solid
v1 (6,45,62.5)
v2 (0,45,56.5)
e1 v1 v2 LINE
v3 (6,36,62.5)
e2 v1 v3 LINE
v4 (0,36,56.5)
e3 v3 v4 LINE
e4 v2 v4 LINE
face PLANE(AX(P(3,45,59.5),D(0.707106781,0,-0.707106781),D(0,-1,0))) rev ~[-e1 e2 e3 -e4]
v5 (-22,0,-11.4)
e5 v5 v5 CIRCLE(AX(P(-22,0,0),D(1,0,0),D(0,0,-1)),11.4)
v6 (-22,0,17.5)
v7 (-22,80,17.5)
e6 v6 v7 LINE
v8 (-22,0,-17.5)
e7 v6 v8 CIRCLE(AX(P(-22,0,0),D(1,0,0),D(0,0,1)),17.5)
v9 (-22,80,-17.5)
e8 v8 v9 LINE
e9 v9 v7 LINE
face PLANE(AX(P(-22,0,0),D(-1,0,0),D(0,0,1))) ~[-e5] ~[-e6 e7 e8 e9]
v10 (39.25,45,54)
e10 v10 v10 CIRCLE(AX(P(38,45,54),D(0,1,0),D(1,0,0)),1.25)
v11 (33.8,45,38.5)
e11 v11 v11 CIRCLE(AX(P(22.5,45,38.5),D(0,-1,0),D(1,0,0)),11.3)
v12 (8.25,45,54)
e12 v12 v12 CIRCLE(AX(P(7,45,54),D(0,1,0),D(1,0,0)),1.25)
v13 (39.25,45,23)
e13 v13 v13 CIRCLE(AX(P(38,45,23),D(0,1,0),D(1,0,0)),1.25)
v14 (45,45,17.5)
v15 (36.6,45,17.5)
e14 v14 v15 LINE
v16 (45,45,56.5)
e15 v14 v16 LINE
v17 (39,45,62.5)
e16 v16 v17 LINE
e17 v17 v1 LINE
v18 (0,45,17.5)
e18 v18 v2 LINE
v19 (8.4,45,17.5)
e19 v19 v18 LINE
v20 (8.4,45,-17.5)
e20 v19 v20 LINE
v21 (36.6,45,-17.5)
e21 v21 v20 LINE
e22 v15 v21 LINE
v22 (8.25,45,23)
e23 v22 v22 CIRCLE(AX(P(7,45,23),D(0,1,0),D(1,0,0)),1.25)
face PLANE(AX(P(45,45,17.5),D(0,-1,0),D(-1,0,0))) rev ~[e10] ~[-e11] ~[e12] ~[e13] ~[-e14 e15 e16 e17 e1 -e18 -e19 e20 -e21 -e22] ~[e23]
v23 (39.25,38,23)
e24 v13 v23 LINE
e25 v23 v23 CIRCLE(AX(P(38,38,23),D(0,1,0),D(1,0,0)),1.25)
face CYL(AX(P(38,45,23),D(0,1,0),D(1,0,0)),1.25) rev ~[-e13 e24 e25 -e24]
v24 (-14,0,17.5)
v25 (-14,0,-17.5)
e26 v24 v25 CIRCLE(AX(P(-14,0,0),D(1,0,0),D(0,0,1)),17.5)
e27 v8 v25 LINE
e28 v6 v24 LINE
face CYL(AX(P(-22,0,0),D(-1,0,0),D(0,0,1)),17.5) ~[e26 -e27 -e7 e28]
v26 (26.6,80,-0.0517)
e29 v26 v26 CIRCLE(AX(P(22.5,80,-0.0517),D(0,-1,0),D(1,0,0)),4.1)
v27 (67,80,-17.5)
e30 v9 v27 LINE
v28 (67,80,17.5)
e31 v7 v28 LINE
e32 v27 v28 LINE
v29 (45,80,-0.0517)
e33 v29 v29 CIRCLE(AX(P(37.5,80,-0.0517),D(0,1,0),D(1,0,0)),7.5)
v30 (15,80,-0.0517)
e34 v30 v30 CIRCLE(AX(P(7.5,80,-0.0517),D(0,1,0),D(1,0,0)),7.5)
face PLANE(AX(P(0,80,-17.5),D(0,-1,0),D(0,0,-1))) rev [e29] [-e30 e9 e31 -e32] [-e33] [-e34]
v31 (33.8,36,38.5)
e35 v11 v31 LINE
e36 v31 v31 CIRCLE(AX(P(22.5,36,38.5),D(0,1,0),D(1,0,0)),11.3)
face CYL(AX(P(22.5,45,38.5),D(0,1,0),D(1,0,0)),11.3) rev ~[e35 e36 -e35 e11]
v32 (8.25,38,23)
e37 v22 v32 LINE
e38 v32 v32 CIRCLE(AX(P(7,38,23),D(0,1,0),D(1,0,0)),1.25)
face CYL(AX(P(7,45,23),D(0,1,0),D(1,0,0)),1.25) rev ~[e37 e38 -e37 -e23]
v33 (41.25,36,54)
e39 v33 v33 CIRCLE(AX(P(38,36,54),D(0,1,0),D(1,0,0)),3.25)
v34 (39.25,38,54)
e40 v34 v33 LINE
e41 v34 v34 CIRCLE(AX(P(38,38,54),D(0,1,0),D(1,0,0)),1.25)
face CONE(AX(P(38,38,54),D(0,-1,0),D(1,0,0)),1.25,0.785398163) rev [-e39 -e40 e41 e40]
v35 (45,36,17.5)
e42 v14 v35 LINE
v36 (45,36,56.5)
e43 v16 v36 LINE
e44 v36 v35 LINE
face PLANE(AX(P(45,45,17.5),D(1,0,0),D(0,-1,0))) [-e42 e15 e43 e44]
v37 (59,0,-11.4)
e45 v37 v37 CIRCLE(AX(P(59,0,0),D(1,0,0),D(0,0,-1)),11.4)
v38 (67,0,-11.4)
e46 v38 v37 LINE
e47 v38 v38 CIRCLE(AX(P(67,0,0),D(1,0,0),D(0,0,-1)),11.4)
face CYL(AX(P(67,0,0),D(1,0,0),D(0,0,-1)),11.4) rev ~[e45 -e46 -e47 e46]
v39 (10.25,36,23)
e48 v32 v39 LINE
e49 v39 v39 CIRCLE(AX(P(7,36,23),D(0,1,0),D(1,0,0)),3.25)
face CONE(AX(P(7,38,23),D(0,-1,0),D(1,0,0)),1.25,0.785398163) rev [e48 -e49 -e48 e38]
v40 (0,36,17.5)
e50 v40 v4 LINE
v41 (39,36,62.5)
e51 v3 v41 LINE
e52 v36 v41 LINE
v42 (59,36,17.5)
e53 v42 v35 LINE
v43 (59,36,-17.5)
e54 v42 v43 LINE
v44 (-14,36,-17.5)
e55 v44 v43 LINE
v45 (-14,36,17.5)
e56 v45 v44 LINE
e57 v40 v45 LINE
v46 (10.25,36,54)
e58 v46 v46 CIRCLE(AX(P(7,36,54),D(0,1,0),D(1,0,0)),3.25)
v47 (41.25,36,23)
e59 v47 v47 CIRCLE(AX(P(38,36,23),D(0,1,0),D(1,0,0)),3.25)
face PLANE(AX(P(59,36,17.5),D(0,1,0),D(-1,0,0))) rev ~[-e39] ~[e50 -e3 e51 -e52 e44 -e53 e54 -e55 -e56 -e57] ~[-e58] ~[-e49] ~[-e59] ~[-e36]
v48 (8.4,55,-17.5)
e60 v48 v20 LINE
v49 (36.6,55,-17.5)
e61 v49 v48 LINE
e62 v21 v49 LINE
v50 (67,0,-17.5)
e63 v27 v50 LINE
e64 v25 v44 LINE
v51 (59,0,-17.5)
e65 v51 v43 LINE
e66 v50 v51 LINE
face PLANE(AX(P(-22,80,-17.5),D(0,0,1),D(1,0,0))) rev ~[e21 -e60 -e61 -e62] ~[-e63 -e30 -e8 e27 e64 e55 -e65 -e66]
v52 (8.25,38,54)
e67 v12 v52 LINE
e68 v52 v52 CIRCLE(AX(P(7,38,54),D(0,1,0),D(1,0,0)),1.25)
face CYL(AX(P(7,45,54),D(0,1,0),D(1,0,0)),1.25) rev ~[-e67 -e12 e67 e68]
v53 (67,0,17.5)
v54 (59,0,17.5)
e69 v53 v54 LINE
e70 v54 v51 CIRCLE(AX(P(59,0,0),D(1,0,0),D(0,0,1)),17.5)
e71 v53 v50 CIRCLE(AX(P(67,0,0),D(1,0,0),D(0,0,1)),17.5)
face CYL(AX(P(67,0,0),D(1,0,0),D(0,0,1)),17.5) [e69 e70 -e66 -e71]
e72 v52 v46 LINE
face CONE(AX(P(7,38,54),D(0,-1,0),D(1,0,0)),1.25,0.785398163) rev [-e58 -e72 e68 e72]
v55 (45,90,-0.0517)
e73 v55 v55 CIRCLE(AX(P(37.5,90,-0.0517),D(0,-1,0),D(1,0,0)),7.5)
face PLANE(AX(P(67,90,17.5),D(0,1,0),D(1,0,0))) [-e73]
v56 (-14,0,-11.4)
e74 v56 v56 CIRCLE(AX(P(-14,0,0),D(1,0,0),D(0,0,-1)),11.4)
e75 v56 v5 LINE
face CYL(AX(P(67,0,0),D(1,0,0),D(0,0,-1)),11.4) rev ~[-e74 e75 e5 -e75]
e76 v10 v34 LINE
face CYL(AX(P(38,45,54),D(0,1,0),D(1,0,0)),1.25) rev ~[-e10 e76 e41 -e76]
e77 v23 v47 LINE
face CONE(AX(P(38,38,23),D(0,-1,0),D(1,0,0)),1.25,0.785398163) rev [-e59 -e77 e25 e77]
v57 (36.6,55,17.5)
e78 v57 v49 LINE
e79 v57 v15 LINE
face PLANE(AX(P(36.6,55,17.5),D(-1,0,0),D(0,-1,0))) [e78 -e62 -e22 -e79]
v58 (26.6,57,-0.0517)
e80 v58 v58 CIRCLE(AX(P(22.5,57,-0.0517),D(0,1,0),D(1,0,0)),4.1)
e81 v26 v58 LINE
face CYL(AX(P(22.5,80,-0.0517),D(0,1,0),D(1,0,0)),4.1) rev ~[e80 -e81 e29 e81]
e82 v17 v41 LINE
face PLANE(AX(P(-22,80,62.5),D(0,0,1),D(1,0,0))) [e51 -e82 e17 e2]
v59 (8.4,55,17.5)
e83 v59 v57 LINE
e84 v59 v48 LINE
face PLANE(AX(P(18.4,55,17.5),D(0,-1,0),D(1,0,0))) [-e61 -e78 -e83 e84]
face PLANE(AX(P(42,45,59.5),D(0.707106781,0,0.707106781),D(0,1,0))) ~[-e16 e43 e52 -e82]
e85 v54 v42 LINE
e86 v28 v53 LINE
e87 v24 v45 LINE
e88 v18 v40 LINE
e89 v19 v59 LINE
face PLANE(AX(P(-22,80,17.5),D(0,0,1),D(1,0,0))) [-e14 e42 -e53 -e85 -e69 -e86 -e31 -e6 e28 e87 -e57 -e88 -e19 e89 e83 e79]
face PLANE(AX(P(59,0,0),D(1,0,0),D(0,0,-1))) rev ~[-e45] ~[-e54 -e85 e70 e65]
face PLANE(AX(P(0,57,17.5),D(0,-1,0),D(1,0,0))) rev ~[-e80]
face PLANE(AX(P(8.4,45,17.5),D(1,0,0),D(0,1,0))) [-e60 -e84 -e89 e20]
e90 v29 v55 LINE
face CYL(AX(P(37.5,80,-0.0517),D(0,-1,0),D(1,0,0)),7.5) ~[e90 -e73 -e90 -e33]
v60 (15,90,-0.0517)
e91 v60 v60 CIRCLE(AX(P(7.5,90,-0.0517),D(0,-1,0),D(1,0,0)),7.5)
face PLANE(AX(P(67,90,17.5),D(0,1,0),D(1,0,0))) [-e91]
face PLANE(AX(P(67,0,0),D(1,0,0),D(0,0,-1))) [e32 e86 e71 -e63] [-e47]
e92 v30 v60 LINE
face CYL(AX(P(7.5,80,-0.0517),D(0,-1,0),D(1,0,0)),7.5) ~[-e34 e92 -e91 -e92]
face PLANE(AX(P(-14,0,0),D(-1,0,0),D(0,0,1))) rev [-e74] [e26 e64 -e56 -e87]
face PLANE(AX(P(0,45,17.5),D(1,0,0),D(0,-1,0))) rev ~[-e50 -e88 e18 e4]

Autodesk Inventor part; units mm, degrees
ref_plane "YZ Plane" through (0, 0, 0) normal (1, 0, 0) x (0, 1, 0)
ref_plane "XZ Plane" through (0, 0, 0) normal (0, 1, 0) x (-1, 0, 0)
sketch "Эскиз1" plane through (0, 0, 0) normal (1, 0, 0) x (0, 1, 0)
  line L0 (-6, -6.0208) -> (-6, 6.0208)
  arc A0 (-6, -6.0208) -> (6, -6.0208) centre (0, 0) ccw
  line L1 (6, 6.0208) -> (6, -6.0208)
  arc A1 (6, 6.0208) -> (-6, 6.0208) centre (0, 0) ccw
  circle A2 centre (0, 0) radius 17.5
  line L2 (0, 17.5) -> (80, 17.5)
  line L3 (80, 17.5) -> (80, -17.5)
  line L4 (80, -17.5) -> (0, -17.5)
  line L5 (0, -17.5) -> (0, -8.5)
  line L6 (0, 8.5) -> (0, 17.5)
  dimension "d0" = 35
  dimension "d1" = 80
extrude "Выдавливание1" add sketch "Эскиз1" along normal blind 45 contours A0 L5 A2 L6 A1 L0 | A0 L1 A1 L6 A2 L5 | A2 L2 L3 L4
sketch "Эскиз2" plane through (45, 0, 0) normal (1, 0, 0) x (0, 0, -1)
  line L0 (17.5, 80) -> (-17.5, 80) projected
  line L1 (17.5, 0) -> (17.5, 80) projected
  line L2 (-17.5, 80) -> (17.5, 80)
  line L3 (17.5, 80) -> (17.5, 57)
  line L4 (17.5, 57) -> (-17.5, 57)
  line L5 (-17.5, 57) -> (-17.5, 80)
  point P0 (0, 0)
  dimension "d4" = 23
extrude "Выдавливание2" add sketch "Эскиз2" along normal blind 22
ref_plane "РабПлоскость1" through (22.5, 0, 17.5) normal (1, 0, 0) x (0, 0, -1)
mirror "Зеркальное отражение1" about plane through (22.5, 0, 17.5) normal (1, 0, 0) of "Выдавливание2"
sketch "Эскиз3" plane through (45, 0, 0) normal (1, 0, 0) x (0, 0, -1)
  arc A0 (6.0208, -6) -> (6.0208, 6) centre (0, 0) ccw projected
  line L0 (6.0208, -6) -> (-6.0208, -6) projected
  arc A1 (-6.0208, 6) -> (-6.0208, -6) centre (0, 0) ccw projected
  line L1 (6.0208, 6) -> (-6.0208, 6) projected
  line L2 (17.5, 57) -> (-17.5, 57) projected
  line L3 (-17.5, 57) -> (-17.5, 0) projected
  arc A2 (-17.5, 0) -> (17.5, 0) centre (0, 0) ccw projected
  line L4 (17.5, 0) -> (17.5, 57) projected
sketch "Эскиз4" plane through (67, 0, 0) normal (1, 0, 0) x (0, 0, -1)
  arc A0 (6.0208, -6) -> (6.0208, 6) centre (0, 0) ccw
  line L0 (6.0208, -6) -> (-6.0208, -6)
  arc A1 (-6.0208, 6) -> (-6.0208, -6) centre (0, 0) ccw
  line L1 (6.0208, 6) -> (-6.0208, 6)
  line L2 (17.5, 37) -> (-17.5, 37)
  line L3 (-17.5, 37) -> (-17.5, 0)
  arc A2 (-17.5, 0) -> (17.5, 0) centre (0, 0) ccw
  line L4 (17.5, 0) -> (17.5, 37)
  line L5 (17.5, 0) -> (17.5, 57) projected
  line L6 (-17.5, 37) -> (17.5, 37)
  line L7 (17.5, 37) -> (17.5, 57)
  line L8 (17.5, 57) -> (-17.5, 57)
  line L9 (-17.5, 57) -> (-17.5, 37)
extrude "Выдавливание3" add sketch "Эскиз4" against normal blind 8
mirror "Зеркальное отражение2" about plane through (22.5, 0, 17.5) normal (1, 0, 0) of "Выдавливание3"
sketch "Эскиз5" plane through (67, 80, 17.5) normal (0, 1, 0) x (1, 0, 0)
  line L0 (-89, 35) -> (-89, 0) projected
  line L1 (-89, 35.1034) -> (-89, 0)
  line L2 (-89, 0) -> (-89, 35.1034)
  line L3 (-89, 35) -> (0, 35) projected
  line L4 (-89, 35) -> (0, 35)
  line L5 (-89, 17.5517) -> (-44.5, 17.5517)
  circle A0 centre (-44.5, 17.5517) radius 4.1
  line L6 (-44.5, 17.5517) -> (-59.5, 17.5517)
  circle A1 centre (-59.5, 17.5517) radius 7.5
  line L7 (-44.5, 17.5517) -> (-29.5, 17.5517)
  circle A2 centre (-29.5, 17.5517) radius 7.5
  point P0 (-67, 17.5)
  dimension "d9" = 8.2
  dimension "d10" = 15
  dimension "d11" = 15
  dimension "d12" = 15
  dimension "d13" = 15
extrude "Выдавливание4" add sketch "Эскиз5" along normal blind 10 contours L5 A1 | L5 A1 | A2
sketch "Эскиз6" plane through (67, 80, 17.5) normal (0, 1, 0) x (1, 0, 0)
  line L0 (-89, 35) -> (-89, 0)
  line L1 (-89, 35.1034) -> (-89, 0)
  line L2 (-89, 0) -> (-89, 35.1034)
  line L3 (-89, 35) -> (0, 35)
  line L4 (-89, 35) -> (0, 35)
  line L5 (-89, 17.5517) -> (-44.5, 17.5517)
  circle A0 centre (-44.5, 17.5517) radius 4.1
  line L6 (-44.5, 17.5517) -> (-59.5, 17.5517)
  circle A1 centre (-59.5, 17.5517) radius 7.5
  line L7 (-44.5, 17.5517) -> (-29.5, 17.5517)
  circle A2 centre (-29.5, 17.5517) radius 7.5
  point P0 (-67, 17.5)
  point P1 (-67, 17.5)
  dimension "d16" = 8.2
  dimension "d17" = 15
  dimension "d18" = 15
  dimension "d19" = 15
  dimension "d20" = 15
extrude "Выдавливание5" cut sketch "Эскиз6" against normal blind 35 contours A0 L7 L5 | L5 L7 A0
sketch "Эскиз7" plane through (0, 0, 17.5) normal (0, 0, 1) x (1, 0, 0)
  line L0 (18.4, 80) -> (18.4, 45) projected
  line L1 (26.6, 80) -> (26.6, 45) projected
  line L2 (0, 57) -> (0, 0) projected
  line L3 (45, 0) -> (0, 0) projected
  line L4 (45, 57) -> (45, 0) projected
  line L5 (45, 57) -> (59, 57) projected
  line L6 (67, 80) -> (67, 0) projected
  line L7 (-22, 80) -> (67, 80) projected
  line L8 (-22, 80) -> (-22, 0) projected
  line L9 (0, 57) -> (-14, 57) projected
  line L10 (18.4, 45) -> (26.6, 45) projected
  line L11 (18.4, 45) -> (8.4, 45)
  line L12 (8.4, 45) -> (8.4, 55)
  line L13 (8.4, 55) -> (36.6, 55)
  line L14 (36.6, 55) -> (36.6, 45)
  line L15 (26.6, 45) -> (36.6, 45)
  line L16 (18.4, 45) -> (26.6, 45)
  line L17 (59, 0) -> (59, 57) projected
  line L18 (67, 0) -> (59, 0) projected
  line L19 (-22, 0) -> (-14, 0) projected
  line L20 (-14, 0) -> (-14, 57) projected
  dimension "d23" = 10
  dimension "d24" = 10
  dimension "d25" = 28.2
  dimension "d26" = 10
extrude "Выдавливание6" cut sketch "Эскиз7" against normal blind 84.5 contours L13 L1 L10 L0 | L0 L11 L12 L13 | L13 L14 L15 L1
sketch "Эскиз8" plane through (0, 0, 17.5) normal (0, 0, 1) x (1, 0, 0)
  line L0 (8.4, 45) -> (36.6, 45) projected
  line L1 (8.4, 45) -> (0, 45)
  line L2 (0, 45) -> (0, 36)
  line L3 (0, 0) -> (0, 57) projected
  line L4 (45, -17.5) -> (45, 0) projected
  line L5 (0, 36) -> (45, 36)
  line L6 (45, 36) -> (45, -17.5)
  line L7 (45, -17.5) -> (0, -17.5)
  line L8 (0, -17.5) -> (0, 36)
  dimension "d29" = 9
extrude "Выдавливание7" cut sketch "Эскиз8" against normal blind 85.25
sketch "Эскиз9" plane through (67, 0, 0) normal (1, 0, 0) x (0, 0, -1)
  circle A0 centre (0, 0) radius 11.4
  dimension "d32" = 22.8
extrude "Выдавливание8" cut sketch "Эскиз9" against normal blind 144.5
sketch "Эскиз10" plane through (-22, 80, 17.5) normal (0, 0, 1) x (1, 0, 0)
  line L0 (22, -23) -> (22, -44) projected
  line L1 (67, -23) -> (67, -44) projected
  line L2 (22, -44) -> (67, -44)
  line L3 (67, -44) -> (67, -35)
  line L4 (67, -35) -> (22, -35)
  line L5 (22, -35) -> (22, -44)
  point P0 (22, -80)
  dimension "d35" = 9
extrude "Выдавливание9" add sketch "Эскиз10" along normal blind 45
sketch "Эскиз11" plane through (67, 45, 17.5) normal (0, 1, 0) x (1, 0, 0)
  line L0 (-67, 0) -> (-67, 35) projected
  line L1 (-67, 0) -> (-44.5, 0)
  line L2 (-67, 0) -> (-58.6, 0) projected
  line L3 (-22, -45) -> (-67, -45) projected
  line L4 (-44.5, -45) -> (-44.5, -21)
  line L5 (-27, -42) -> (-23.5, -38.5)
  line L6 (-23.5, -38.5) -> (-23.5, -3.5)
  line L7 (-23.5, -3.5) -> (-27, 0)
  line L8 (-27, 0) -> (-62, 0)
  line L9 (-62, 0) -> (-65.5, -3.5)
  line L10 (-65.5, -3.5) -> (-65.5, -38.5)
  line L11 (-65.5, -38.5) -> (-62, -42)
  line L12 (-62, -42) -> (-27, -42)
  circle A0 centre (-44.5, -21) radius 11.3
  circle A1 centre (-29, -5.5) radius 1.25
  circle A2 centre (-60, -5.5) radius 1.25
  circle A3 centre (-60, -36.5) radius 1.25
  circle A4 centre (-29, -36.5) radius 1.25
  line L13 (-52.5, -48) -> (-50.5, -48)
  line L14 (-50.5, -41.8) -> (-50.5, -48)
  line L15 (-57.9172, -41.8) -> (-50.5, -41.8)
  line L16 (-65.3, -34.4172) -> (-57.9172, -41.8)
  line L17 (-65.3, -7.5828) -> (-65.3, -34.4172)
  line L18 (-57.9172, -0.2) -> (-65.3, -7.5828)
  line L19 (-31.0828, -0.2) -> (-57.9172, -0.2)
  line L20 (-23.7, -7.5828) -> (-31.0828, -0.2)
  line L21 (-23.7, -34.4172) -> (-23.7, -7.5828)
  line L22 (-31.0828, -41.8) -> (-23.7, -34.4172)
  line L23 (-38.5, -41.8) -> (-31.0828, -41.8)
  line L24 (-38.5, -41.8) -> (-38.5, -48)
  line L25 (-38.5, -48) -> (-36.5, -48)
  line L26 (-36.5, -48) -> (-36.5, -42)
  line L27 (-36.5, -42) -> (-27, -42)
  line L28 (-27, -42) -> (-23.5, -38.5)
  line L29 (-23.5, -38.5) -> (-23.5, -3.5)
  line L30 (-23.5, -3.5) -> (-27, 0)
  line L31 (-27, 0) -> (-62, 0)
  line L32 (-62, 0) -> (-65.5, -3.5)
  line L33 (-65.5, -3.5) -> (-65.5, -38.5)
  line L34 (-65.5, -38.5) -> (-62, -42)
  line L35 (-62, -42) -> (-52.5, -42)
  line L36 (-52.5, -42) -> (-52.5, -48)
  point P0 (-67, 17.5)
  dimension "d38" = 22.5
  dimension "d39" = 24
extrude "Выдавливание10" cut sketch "Эскиз11" against normal blind 45 contours A0 | A1 | A2 | A3 | A4
chamfer "Фаска1" distance 2 angle 45 4 edges at (5.75, 36, 54) (5.75, 36, 23) (36.75, 36, 23) (36.75, 36, 54)
chamfer "Фаска2" distance 6 angle 45 2 edges at (0, 40.5, 62.5) (45, 40.5, 62.5)
sketch "Эскиз13" plane through (-22, 80, 17.5) normal (0, 0, 1) x (1, 0, 0)
  line L0 (81, -80) -> (81, -23) projected
  line L1 (22, -23) -> (8, -23) projected
  line L2 (81, -44) -> (8, -44)
  line L3 (8, -44) -> (8, -23)
  line L4 (8, -23) -> (81, -23)
  line L5 (81, -23) -> (81, -44)
  line L6 (61, -44) -> (67, -44) projected
  line L7 (22, -35) -> (30.4, -35) projected
  line L8 (30.4, -25) -> (58.6, -25) projected
  line L9 (30.4, -35) -> (58.6, -35)
  line L10 (58.6, -35) -> (58.6, -25)
  line L11 (58.6, -25) -> (30.4, -25)
  line L12 (30.4, -25) -> (30.4, -35)
  point P0 (22, -80)
  dimension "d51" = 0
extrude "Выдавливание12" add sketch "Эскиз13" against normal up to surface (35 mm away)
properties part number "joint1_level_part_2" material "Пластик АБС"
